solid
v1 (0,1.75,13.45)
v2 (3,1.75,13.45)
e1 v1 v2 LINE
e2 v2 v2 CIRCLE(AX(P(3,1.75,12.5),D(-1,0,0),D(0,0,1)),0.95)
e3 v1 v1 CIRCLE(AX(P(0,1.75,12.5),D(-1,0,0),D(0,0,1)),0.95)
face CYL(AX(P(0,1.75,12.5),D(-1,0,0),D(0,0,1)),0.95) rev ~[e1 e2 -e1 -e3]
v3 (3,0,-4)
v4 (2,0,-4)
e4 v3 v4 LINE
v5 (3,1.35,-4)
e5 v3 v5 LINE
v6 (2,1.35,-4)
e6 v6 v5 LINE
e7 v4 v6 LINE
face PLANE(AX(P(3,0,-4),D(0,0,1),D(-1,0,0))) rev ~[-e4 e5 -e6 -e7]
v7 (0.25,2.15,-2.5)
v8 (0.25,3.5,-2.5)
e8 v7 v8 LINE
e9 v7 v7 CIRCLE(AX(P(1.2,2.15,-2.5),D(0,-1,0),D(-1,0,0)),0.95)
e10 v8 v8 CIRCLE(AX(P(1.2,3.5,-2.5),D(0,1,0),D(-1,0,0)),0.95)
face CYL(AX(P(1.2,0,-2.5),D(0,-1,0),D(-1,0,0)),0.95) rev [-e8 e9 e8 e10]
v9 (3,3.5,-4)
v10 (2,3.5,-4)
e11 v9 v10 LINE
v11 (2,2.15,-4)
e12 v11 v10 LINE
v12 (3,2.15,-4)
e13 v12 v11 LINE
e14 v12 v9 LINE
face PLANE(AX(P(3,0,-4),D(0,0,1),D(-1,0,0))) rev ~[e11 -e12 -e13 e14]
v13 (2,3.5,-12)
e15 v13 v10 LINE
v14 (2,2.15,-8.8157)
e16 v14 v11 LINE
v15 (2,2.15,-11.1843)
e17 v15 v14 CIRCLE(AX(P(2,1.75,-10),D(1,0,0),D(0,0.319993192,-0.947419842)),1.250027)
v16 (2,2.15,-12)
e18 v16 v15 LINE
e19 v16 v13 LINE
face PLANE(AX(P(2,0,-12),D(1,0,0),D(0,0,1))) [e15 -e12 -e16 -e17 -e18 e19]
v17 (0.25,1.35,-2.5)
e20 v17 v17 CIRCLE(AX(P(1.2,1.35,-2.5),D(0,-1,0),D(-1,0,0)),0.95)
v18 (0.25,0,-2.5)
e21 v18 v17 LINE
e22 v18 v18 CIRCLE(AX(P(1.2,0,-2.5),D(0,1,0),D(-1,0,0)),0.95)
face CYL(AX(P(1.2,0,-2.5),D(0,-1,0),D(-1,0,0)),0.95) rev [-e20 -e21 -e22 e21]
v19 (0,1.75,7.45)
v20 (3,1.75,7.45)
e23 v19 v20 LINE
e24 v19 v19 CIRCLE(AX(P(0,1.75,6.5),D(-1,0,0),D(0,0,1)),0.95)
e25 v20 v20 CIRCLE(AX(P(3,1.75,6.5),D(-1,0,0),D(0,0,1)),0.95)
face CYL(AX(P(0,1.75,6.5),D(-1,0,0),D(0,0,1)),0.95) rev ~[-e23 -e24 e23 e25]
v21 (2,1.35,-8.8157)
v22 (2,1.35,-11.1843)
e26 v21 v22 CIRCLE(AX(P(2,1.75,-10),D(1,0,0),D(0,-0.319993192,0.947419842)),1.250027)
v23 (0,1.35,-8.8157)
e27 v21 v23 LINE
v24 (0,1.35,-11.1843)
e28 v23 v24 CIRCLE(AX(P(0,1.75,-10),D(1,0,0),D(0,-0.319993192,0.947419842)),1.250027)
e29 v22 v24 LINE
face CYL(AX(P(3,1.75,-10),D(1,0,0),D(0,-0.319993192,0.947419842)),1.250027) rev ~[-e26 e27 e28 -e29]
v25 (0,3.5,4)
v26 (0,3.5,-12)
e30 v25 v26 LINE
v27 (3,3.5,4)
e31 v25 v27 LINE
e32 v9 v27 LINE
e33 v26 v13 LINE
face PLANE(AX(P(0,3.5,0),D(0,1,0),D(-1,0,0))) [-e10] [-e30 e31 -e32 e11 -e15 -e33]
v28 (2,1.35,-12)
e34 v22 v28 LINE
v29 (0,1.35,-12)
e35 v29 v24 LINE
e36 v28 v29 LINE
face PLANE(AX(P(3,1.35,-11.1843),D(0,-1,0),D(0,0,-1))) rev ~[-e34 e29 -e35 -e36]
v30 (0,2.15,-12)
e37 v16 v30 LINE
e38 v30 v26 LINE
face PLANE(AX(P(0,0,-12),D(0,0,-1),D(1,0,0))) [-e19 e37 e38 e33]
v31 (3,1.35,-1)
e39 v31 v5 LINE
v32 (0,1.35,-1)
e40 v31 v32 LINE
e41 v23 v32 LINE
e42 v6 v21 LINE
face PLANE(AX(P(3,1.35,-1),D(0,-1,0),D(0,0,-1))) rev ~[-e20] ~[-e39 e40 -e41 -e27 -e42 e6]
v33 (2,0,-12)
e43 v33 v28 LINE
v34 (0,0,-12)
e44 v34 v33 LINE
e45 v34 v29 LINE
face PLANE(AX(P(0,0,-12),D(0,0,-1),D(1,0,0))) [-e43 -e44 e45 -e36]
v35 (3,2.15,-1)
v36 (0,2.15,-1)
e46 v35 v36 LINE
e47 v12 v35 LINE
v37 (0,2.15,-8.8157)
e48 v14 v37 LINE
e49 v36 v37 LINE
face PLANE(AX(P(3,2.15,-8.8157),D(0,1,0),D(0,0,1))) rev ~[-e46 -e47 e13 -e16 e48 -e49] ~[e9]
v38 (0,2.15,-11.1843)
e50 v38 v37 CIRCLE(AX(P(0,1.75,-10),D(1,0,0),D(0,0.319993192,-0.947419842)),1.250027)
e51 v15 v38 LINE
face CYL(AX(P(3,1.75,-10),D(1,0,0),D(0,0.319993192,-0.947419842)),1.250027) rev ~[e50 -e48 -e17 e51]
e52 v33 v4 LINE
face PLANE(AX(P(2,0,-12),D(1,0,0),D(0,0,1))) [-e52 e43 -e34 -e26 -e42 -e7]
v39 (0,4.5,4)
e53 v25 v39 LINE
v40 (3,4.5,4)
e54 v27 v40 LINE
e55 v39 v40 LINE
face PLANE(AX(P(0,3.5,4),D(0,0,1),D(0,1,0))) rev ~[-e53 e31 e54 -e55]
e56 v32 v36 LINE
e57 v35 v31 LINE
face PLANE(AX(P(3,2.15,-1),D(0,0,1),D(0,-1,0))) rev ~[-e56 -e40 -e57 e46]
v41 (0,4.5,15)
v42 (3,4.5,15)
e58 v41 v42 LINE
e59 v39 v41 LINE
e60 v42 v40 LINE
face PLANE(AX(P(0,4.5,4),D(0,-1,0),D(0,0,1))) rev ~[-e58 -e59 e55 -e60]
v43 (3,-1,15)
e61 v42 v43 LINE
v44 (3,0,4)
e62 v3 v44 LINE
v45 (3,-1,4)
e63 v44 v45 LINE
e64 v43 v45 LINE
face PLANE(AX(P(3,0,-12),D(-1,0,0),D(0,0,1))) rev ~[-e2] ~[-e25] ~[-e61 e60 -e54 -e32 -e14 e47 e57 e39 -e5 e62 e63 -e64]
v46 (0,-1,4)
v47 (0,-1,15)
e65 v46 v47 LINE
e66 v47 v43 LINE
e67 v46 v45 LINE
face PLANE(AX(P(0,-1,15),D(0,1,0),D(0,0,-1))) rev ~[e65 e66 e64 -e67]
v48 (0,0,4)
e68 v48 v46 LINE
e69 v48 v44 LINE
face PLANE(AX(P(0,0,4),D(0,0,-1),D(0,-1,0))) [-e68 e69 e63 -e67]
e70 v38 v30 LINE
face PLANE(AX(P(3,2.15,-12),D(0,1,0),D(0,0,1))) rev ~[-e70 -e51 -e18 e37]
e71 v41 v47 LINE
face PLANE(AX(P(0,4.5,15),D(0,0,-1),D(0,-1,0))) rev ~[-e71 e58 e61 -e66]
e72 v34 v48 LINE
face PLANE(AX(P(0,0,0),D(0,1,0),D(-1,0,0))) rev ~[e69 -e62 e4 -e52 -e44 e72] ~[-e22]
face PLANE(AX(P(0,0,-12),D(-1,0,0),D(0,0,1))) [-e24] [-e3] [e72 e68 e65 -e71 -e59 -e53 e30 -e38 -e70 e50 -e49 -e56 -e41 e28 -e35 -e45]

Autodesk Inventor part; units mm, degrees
ref_plane "YZ Plane" through (0, 0, 0) normal (1, 0, 0) x (0, 1, 0)
ref_plane "XZ Plane" through (0, 0, 0) normal (0, 1, 0) x (-1, 0, 0)
ref_plane "XY Plane" through (0, 0, 0) normal (0, 0, 1) x (1, 0, 0)
sketch "Sketch2" plane through (0, 0, 0) normal (0, 1, 0) x (-1, 0, 0)
  line L0 (0, 0) -> (0, -12)
  line L1 (0, 0) -> (0, 10)
  line L2 (0, -12) -> (-2, -12)
  line L3 (-2, -12) -> (-2, -4)
  line L4 (-3, -4) -> (-2, -4)
  line L5 (-3, -4) -> (-3, -2.5) construction
  line L6 (-2, 10) -> (0, 10)
  line L7 (-3, -2.5) -> (0, -2.5) construction
  circle A0 centre (-1.2, -2.5) radius 0.95
  line L8 (-3, -4) -> (-3, 10)
  line L9 (-3, 10) -> (-2, 10)
  line L10 (0, 0) -> (-3, 0) construction
  dimension "d1" = 10
  dimension "d2" = 2
  dimension "d9" = 1.9
  dimension "d10" = 8
  dimension "d11" = 3
  dimension "d12" = 1.8
  dimension "d38" = 4
extrude "Extrusion1" add sketch "Sketch2" along normal blind 3.5
sketch "Sketch3" plane through (3, 0, 10) normal (1, 0, 0) x (0, 0, -1)
  line L0 (0, 0) -> (0, 3.5) projected
  line L1 (0, 1.75) -> (22, 1.75) construction
  line L2 (22, 1.75) -> (22, 2.15)
  line L3 (22, 0) -> (22, 3.5) projected
  line L4 (11, 2.15) -> (11, 1.35)
  line L5 (22, 2.15) -> (21.1843, 2.15)
  line L6 (18.8157, 2.15) -> (11, 2.15)
  line L7 (11, 1.35) -> (18.8157, 1.35)
  line L8 (21.1843, 1.35) -> (22, 1.35)
  arc A0 (18.8157, 1.35) -> (21.1843, 1.35) centre (20, 1.75) ccw
  arc A1 (21.1843, 2.15) -> (18.8157, 2.15) centre (20, 1.75) ccw
  line L9 (22, 1.75) -> (22, 1.35)
  point P0 (10, 0)
  dimension "d16" = 2
  dimension "d17" = 0.4
  dimension "d18" = 11
  dimension "d19" = 0.8
extrude "Extrusion2" cut sketch "Sketch3" against normal blind 10
sketch "Sketch4" plane through (0, 0, -12) normal (-1, 0, 0) x (0, 0, 1)
  point P0 (12, 0)
sketch "Sketch5" plane through (0, 0, -12) normal (-1, 0, 0) x (0, 0, 1)
  line L0 (16, 0) -> (16, -1)
  line L1 (16, -1) -> (22, -1)
  line L2 (22, 0) -> (16, 0)
  line L3 (16, 3.5) -> (16, 4.5)
  line L4 (16, 4.5) -> (22, 4.5)
  line L5 (22, 3.5) -> (16, 3.5)
  line L6 (22, 4.5) -> (27, 4.5)
  line L7 (27, 4.5) -> (27, -1)
  line L8 (27, -1) -> (22, -1)
  line L9 (22, 3.5) -> (22, 0)
  line L10 (12, 0) -> (12, 3.5) construction
  dimension "d23" = 1
  dimension "d24" = 1
  dimension "d27" = 5
  dimension "d39" = 5.5
  dimension "d40" = 4
extrude "Extrusion3" add sketch "Sketch5" against normal blind 3
sketch "Sketch6" plane through (0, 0, -12) normal (-1, 0, 0) x (0, 0, 1)
  line L0 (22, 1.75) -> (14, 1.75) construction
  line L1 (27, 4.5) -> (16, 4.5) projected
  circle A0 centre (24.5, 1.75) radius 0.95
  line L2 (27, -1) -> (27, 4.5) projected
  circle A1 centre (18.5, 1.75) radius 0.95
  point P0 (12, 0)
  dimension "d28" = 2.75
  dimension "d32" = 1.9
  dimension "d33" = 2.5
  dimension "d34" = 1.9
  dimension "d35" = 6
extrude "Extrusion4" cut sketch "Sketch6" against normal blind 3
properties part number "ferrule holder"
